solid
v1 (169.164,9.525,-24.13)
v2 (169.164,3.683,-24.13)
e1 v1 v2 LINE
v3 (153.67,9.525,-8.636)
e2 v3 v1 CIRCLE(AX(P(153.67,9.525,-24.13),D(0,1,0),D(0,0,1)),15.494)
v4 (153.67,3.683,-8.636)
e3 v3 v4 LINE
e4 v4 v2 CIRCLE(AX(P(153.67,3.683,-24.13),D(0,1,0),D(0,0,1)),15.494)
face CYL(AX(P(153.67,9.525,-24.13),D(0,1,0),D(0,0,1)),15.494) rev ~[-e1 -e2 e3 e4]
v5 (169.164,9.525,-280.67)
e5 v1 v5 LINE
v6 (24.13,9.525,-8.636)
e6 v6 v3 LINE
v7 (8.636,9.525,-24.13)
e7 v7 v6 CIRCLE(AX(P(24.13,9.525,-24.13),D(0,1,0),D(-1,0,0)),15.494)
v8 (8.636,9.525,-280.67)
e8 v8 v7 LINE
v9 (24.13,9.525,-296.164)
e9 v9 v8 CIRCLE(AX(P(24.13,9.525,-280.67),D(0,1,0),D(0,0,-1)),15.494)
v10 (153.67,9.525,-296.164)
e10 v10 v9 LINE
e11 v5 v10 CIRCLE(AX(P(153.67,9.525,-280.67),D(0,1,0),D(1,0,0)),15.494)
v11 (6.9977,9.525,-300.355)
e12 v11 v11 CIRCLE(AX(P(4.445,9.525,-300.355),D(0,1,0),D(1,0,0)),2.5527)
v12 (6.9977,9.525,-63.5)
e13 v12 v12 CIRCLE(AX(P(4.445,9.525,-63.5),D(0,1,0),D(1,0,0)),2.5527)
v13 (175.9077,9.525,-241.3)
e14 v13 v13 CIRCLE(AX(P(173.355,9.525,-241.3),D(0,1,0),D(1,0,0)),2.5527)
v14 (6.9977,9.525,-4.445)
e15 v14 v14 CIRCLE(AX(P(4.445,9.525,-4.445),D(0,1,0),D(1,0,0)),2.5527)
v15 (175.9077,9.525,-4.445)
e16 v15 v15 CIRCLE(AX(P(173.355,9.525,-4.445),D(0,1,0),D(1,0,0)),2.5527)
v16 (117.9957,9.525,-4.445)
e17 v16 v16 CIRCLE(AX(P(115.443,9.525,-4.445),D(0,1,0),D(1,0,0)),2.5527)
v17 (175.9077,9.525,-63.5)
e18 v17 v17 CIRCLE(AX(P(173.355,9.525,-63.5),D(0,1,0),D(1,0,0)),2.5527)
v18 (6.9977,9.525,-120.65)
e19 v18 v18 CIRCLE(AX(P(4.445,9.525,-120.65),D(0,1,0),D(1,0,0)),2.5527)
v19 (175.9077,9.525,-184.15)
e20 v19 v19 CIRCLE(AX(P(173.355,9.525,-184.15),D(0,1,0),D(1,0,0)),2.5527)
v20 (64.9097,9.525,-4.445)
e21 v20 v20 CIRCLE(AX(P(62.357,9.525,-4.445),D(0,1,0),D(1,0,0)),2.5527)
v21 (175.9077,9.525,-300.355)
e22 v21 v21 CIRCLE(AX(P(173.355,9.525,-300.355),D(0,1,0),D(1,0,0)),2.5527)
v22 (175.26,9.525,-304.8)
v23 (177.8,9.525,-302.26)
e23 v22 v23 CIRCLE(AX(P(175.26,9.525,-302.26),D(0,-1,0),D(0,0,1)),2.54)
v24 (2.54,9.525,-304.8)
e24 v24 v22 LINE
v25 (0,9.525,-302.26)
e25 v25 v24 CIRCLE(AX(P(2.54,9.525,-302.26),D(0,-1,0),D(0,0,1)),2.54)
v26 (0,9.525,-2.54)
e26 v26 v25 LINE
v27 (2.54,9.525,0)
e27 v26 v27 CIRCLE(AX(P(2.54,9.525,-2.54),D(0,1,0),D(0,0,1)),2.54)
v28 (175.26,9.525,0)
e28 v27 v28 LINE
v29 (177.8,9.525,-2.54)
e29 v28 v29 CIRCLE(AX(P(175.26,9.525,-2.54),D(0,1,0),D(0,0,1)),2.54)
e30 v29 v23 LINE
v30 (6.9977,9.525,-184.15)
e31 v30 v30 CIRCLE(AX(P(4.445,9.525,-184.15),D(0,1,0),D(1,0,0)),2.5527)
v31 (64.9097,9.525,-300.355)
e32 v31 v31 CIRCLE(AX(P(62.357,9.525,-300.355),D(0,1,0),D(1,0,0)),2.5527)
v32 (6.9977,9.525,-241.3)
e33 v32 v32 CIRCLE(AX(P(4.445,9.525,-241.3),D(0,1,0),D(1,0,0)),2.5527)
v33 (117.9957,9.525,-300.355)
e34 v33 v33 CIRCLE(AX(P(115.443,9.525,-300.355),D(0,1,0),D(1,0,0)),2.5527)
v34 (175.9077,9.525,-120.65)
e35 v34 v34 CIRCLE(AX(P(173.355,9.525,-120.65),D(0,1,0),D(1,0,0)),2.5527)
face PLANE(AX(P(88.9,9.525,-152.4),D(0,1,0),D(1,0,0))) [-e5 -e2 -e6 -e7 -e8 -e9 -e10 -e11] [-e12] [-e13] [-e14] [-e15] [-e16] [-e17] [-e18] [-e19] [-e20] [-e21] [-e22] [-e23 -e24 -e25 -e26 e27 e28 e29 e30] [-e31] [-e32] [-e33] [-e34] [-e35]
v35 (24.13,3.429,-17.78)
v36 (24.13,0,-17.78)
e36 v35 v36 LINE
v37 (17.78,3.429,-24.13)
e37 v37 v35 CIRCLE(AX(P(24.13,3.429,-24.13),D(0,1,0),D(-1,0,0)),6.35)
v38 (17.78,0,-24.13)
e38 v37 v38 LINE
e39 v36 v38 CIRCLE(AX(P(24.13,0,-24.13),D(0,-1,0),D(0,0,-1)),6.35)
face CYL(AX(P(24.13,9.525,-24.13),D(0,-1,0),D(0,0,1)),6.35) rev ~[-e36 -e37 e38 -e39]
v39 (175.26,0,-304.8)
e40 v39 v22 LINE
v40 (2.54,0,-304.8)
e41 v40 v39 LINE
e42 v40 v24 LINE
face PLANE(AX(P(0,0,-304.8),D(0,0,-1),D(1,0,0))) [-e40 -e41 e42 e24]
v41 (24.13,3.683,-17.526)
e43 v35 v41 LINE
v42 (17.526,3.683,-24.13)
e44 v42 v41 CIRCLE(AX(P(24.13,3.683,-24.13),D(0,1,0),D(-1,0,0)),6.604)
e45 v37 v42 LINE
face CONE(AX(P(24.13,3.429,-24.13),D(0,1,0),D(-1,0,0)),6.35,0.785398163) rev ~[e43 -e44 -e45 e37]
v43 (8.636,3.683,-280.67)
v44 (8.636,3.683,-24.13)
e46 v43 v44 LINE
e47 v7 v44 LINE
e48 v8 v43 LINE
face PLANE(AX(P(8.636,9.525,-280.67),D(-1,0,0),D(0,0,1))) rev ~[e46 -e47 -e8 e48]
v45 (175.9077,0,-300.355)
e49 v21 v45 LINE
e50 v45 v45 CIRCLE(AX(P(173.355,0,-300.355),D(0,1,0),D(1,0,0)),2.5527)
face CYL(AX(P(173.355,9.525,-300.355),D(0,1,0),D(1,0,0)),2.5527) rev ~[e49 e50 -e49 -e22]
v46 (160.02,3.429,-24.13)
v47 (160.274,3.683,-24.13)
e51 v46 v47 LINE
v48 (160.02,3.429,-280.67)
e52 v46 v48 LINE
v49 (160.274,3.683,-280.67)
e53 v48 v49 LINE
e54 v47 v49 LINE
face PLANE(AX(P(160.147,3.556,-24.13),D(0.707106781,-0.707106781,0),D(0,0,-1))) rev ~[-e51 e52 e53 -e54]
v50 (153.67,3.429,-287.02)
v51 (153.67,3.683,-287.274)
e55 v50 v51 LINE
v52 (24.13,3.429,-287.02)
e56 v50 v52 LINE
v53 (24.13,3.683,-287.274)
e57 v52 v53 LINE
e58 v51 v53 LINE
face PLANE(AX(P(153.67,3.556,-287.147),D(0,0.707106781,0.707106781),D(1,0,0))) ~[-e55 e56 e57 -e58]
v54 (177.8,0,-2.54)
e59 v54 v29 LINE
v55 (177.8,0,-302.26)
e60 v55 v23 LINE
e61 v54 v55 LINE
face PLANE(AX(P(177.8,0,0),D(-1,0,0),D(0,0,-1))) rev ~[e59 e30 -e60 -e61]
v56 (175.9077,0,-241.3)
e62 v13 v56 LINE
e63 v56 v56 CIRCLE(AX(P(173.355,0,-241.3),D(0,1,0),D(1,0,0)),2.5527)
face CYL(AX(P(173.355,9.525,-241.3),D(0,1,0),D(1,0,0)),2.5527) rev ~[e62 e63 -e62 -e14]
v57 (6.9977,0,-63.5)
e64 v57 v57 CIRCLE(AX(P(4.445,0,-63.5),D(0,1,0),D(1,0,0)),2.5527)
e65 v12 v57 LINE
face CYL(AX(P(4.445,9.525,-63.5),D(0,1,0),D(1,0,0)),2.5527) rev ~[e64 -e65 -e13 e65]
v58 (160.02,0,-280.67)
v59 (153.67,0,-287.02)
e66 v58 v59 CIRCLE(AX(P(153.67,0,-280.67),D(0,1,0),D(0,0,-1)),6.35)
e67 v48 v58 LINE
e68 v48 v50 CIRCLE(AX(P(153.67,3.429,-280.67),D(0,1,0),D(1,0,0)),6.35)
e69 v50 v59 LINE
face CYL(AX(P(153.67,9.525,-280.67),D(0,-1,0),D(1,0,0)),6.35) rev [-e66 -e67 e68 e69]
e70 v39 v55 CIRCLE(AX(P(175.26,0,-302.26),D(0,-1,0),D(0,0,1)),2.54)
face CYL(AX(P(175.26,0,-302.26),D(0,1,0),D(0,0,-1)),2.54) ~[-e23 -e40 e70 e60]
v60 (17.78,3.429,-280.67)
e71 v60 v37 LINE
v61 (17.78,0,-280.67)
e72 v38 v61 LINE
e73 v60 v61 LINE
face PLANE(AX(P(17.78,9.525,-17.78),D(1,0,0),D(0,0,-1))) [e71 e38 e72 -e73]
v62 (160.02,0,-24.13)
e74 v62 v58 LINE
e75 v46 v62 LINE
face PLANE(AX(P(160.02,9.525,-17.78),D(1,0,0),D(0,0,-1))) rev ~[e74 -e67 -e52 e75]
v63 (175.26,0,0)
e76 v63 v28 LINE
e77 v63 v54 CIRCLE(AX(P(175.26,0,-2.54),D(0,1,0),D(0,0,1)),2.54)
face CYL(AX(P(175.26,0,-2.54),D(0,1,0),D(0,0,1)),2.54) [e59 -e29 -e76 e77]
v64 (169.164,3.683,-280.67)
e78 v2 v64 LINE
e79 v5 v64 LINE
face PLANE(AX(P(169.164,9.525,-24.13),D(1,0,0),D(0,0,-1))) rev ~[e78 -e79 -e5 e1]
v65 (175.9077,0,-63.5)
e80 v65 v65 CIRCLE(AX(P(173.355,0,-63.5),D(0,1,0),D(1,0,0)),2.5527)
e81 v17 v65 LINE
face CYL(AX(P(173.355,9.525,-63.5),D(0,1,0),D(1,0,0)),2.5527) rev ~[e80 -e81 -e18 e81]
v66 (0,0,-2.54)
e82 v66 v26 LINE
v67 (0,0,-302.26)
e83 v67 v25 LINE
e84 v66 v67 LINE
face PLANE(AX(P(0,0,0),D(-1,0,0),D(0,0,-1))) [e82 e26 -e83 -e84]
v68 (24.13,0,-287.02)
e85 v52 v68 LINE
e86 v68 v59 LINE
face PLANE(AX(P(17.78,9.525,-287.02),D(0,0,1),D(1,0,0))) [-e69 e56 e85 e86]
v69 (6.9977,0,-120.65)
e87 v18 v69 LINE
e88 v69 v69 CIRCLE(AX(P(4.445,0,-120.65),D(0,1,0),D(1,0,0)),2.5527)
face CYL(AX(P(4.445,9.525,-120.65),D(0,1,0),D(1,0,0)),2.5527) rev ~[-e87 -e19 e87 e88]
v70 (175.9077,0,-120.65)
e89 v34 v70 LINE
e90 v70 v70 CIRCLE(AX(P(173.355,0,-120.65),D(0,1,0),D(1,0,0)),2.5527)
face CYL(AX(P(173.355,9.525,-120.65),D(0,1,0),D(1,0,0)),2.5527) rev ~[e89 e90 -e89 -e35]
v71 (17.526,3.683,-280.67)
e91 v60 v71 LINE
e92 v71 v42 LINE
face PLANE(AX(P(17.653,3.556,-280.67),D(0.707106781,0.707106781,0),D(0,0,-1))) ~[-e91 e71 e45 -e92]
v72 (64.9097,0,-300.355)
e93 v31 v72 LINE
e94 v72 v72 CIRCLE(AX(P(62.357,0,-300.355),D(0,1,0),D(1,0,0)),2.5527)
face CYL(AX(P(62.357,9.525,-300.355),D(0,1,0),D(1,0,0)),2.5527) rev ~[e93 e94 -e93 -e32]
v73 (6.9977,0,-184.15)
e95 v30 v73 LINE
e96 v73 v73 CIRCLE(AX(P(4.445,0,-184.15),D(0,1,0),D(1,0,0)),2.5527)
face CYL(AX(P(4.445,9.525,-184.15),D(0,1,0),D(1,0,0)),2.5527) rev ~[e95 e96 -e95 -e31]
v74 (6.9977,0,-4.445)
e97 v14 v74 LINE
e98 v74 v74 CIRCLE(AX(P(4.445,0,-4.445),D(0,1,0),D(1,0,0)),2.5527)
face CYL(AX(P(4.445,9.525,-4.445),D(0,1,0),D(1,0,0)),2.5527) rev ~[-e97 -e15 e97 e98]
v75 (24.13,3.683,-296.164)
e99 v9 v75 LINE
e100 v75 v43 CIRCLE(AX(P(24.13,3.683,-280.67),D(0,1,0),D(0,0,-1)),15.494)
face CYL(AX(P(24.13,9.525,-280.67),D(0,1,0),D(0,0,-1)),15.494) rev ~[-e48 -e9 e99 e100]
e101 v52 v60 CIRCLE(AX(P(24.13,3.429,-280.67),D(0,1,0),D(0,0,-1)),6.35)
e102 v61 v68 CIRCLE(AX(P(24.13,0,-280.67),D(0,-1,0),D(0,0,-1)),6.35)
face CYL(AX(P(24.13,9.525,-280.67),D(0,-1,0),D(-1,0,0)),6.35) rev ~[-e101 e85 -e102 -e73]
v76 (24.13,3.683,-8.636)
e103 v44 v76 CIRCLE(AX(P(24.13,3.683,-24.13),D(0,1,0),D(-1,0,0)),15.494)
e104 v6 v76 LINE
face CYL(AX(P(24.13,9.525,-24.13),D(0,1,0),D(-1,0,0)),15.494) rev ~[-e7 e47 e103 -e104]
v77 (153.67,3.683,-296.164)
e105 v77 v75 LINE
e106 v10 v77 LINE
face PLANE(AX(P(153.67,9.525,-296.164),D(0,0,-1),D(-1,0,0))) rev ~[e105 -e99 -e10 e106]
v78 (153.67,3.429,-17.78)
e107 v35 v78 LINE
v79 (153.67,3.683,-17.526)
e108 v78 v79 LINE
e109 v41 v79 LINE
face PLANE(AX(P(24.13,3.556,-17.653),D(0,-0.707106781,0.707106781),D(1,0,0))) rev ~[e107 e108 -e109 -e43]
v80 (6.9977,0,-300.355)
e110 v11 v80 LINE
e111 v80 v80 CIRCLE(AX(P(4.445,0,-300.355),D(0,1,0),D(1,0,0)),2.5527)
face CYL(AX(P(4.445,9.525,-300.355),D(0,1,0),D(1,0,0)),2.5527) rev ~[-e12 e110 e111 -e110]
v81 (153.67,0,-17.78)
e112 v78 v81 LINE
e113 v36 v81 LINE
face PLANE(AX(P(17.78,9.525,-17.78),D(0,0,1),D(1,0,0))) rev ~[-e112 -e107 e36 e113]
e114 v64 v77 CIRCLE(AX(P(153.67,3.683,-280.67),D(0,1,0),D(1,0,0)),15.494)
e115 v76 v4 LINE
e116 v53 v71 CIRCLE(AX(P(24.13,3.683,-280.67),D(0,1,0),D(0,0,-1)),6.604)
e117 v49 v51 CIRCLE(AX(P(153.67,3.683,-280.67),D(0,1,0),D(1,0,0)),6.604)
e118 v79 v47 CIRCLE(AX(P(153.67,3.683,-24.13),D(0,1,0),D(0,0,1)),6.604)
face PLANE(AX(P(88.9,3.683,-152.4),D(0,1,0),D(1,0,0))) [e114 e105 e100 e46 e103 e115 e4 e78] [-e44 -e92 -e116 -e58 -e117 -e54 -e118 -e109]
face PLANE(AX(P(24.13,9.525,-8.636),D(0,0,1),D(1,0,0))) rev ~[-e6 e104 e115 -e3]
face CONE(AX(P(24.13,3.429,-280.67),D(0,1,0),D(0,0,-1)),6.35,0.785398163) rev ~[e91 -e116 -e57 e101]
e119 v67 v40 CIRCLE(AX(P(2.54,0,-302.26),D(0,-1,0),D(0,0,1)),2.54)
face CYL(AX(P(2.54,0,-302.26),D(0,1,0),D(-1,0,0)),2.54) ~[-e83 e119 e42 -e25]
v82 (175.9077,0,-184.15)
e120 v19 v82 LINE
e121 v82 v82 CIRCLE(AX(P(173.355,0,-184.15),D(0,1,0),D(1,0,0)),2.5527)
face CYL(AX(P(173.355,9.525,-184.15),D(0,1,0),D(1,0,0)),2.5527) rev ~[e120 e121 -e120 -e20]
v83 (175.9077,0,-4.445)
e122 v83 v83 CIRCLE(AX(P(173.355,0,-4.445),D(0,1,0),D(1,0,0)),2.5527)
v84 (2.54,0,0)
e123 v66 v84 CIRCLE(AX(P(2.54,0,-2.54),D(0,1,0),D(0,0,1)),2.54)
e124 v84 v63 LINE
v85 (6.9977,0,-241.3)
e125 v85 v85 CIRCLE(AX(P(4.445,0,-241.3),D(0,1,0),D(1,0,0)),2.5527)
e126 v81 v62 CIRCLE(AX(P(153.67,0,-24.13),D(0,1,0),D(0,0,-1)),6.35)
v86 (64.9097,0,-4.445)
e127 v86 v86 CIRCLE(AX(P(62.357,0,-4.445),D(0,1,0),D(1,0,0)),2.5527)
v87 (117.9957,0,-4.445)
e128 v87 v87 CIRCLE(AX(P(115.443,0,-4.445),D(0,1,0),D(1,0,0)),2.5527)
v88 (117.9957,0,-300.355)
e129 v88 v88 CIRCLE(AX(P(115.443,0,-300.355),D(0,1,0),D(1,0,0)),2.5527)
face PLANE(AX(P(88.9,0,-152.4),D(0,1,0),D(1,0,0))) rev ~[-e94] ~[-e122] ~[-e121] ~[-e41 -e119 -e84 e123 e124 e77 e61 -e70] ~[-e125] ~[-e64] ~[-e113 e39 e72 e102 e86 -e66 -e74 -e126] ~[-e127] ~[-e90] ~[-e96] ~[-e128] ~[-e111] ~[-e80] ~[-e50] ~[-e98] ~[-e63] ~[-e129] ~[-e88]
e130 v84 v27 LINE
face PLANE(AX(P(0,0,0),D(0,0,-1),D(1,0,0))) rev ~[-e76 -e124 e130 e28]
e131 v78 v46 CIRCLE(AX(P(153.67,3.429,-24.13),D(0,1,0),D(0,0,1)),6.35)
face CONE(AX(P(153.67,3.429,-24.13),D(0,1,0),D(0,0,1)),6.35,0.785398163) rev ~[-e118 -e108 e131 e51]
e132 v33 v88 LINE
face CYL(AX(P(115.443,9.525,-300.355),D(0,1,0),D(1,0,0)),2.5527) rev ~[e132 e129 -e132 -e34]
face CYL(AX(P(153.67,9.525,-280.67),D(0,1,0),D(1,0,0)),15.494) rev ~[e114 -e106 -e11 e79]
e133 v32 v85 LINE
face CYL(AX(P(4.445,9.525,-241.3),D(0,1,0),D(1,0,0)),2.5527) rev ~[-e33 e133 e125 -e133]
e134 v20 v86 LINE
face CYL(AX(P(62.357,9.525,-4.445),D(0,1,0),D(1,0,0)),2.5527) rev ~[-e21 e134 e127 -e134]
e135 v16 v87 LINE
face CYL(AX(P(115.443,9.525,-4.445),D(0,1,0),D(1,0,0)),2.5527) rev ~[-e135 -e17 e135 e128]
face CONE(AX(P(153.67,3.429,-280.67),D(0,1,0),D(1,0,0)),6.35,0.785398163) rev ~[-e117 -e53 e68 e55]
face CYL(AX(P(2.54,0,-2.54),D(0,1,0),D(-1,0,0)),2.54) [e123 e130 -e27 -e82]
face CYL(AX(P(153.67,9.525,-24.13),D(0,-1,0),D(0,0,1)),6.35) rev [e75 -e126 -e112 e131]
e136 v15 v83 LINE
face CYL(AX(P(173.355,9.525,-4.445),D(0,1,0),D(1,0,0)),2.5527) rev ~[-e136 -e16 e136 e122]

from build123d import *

# Parameters (mm, degrees)
SKETCH1_W           = 177.8
SKETCH1_H           = 304.8
BOSS_EXTRUDE1_DEPTH = 9.525
SKETCH2_W           = 142.24
SKETCH2_H           = 269.24
CUT_EXTRUDE1_DEPTH  = 10.525
SKETCH3_R           = 2.5527
CUT_EXTRUDE2_DEPTH  = 10.525
FILLET4_R           = 6.35
CUT_EXTRUDE5_DEPTH  = 5.842
CHAMFER1_SIZE       = 0.254
FILLET5_R           = 2.54


with BuildPart() as part:
    # Sketch1 → Boss-Extrude1 (new body)
    with BuildSketch(Plane(origin=(0, 0, 0), x_dir=(1, 0, 0), z_dir=(0, 1, 0))):
        with Locations((88.9, 152.4)):
            Rectangle(SKETCH1_W, SKETCH1_H)
    extrude(amount=BOSS_EXTRUDE1_DEPTH)

    # Sketch2 → Cut-Extrude1 (cut, through all)
    with BuildSketch(Plane(origin=(0, 9.525, 0), x_dir=(1, 0, 0), z_dir=(0, 1, 0))):
        with Locations((88.9, 152.4)):
            Rectangle(SKETCH2_W, SKETCH2_H)
    extrude(amount=-CUT_EXTRUDE1_DEPTH, mode=Mode.SUBTRACT)

    # Sketch3 → Cut-Extrude2 (cut, through all)
    with BuildSketch(Plane(origin=(0, 9.525, 0), x_dir=(1, 0, 0), z_dir=(0, 1, 0))):
        with Locations((4.445, 184.15)):
            Circle(SKETCH3_R)
        with Locations((4.445, 241.3)):
            Circle(SKETCH3_R)
        with Locations((62.357, 300.355)):
            Circle(SKETCH3_R)
        with Locations((4.445, 300.355)):
            Circle(SKETCH3_R)
        with Locations((173.355, 184.15)):
            Circle(SKETCH3_R)
        with Locations((173.355, 241.3)):
            Circle(SKETCH3_R)
        with Locations((173.355, 300.355)):
            Circle(SKETCH3_R)
        with Locations((115.443, 300.355)):
            Circle(SKETCH3_R)
        with Locations((173.355, 120.65)):
            Circle(SKETCH3_R)
        with Locations((173.355, 63.5)):
            Circle(SKETCH3_R)
        with Locations((173.355, 4.445)):
            Circle(SKETCH3_R)
        with Locations((115.443, 4.445)):
            Circle(SKETCH3_R)
        with Locations((62.357, 4.445)):
            Circle(SKETCH3_R)
        with Locations((4.445, 4.445)):
            Circle(SKETCH3_R)
        with Locations((4.445, 63.5)):
            Circle(SKETCH3_R)
        with Locations((4.445, 120.65)):
            Circle(SKETCH3_R)
    extrude(amount=-CUT_EXTRUDE2_DEPTH, mode=Mode.SUBTRACT)

    # Fillet4
    fillet4_edges = [part.edges().sort_by_distance(p)[0] for p in [
        (17.78, 4.7625, -17.78),
        (17.78, 4.7625, -287.02),
        (160.02, 4.7625, -287.02),
        (160.02, 4.7625, -17.78),
    ]]
    fillet(fillet4_edges, radius=FILLET4_R)

    # Sketch7 → Cut-Extrude5 (cut)
    with BuildSketch(Plane(origin=(0, 9.525, 0), x_dir=(1, 0, 0), z_dir=(0, 1, 0))):
        with BuildLine():
            Line((8.636, 280.67), (8.636, 24.13))
            ThreePointArc((8.636, 24.13), (13.174087532, 13.174087532), (24.13, 8.636))
            Line((24.13, 8.636), (153.67, 8.636))
            ThreePointArc((153.67, 8.636), (164.625912468, 13.174087532), (169.164, 24.13))
            Line((169.164, 24.13), (169.164, 280.67))
            ThreePointArc((169.164, 280.67), (164.625912468, 291.625912468), (153.67, 296.164))
            Line((153.67, 296.164), (24.13, 296.164))
            ThreePointArc((24.13, 296.164), (13.174087532, 291.625912468), (8.636, 280.67))
        make_face()
        with BuildLine():
            Line((24.13, 17.78), (153.67, 17.78))
            ThreePointArc((153.67, 17.78), (158.160128061, 19.639871939), (160.02, 24.13))
            Line((160.02, 24.13), (160.02, 280.67))
            ThreePointArc((160.02, 280.67), (158.160128061, 285.160128061), (153.67, 287.02))
            Line((153.67, 287.02), (24.13, 287.02))
            ThreePointArc((24.13, 287.02), (19.639871939, 285.160128061), (17.78, 280.67))
            Line((17.78, 280.67), (17.78, 24.13))
            ThreePointArc((17.78, 24.13), (19.639871939, 19.639871939), (24.13, 17.78))
        make_face(mode=Mode.SUBTRACT)
    extrude(amount=-CUT_EXTRUDE5_DEPTH, mode=Mode.SUBTRACT)

    # Chamfer1
    chamfer1_edges = [part.edges().sort_by_distance(p)[0] for p in [
        (17.78, 3.683, -152.4),
        (19.639871939, 3.683, -19.639871939),
        (88.9, 3.683, -17.78),
        (158.160128061, 3.683, -19.639871939),
        (160.02, 3.683, -152.4),
        (158.160128061, 3.683, -285.160128061),
        (88.9, 3.683, -287.02),
        (19.639871939, 3.683, -285.160128061),
    ]]
    chamfer(chamfer1_edges, length=CHAMFER1_SIZE)

    # Fillet5
    fillet5_edges = [part.edges().sort_by_distance(p)[0] for p in [
        (0, 4.7625, -304.8),
        (177.8, 4.7625, -304.8),
        (177.8, 4.7625, 0),
        (0, 4.7625, 0),
    ]]
    fillet(fillet5_edges, radius=FILLET5_R)


solid = part.part
